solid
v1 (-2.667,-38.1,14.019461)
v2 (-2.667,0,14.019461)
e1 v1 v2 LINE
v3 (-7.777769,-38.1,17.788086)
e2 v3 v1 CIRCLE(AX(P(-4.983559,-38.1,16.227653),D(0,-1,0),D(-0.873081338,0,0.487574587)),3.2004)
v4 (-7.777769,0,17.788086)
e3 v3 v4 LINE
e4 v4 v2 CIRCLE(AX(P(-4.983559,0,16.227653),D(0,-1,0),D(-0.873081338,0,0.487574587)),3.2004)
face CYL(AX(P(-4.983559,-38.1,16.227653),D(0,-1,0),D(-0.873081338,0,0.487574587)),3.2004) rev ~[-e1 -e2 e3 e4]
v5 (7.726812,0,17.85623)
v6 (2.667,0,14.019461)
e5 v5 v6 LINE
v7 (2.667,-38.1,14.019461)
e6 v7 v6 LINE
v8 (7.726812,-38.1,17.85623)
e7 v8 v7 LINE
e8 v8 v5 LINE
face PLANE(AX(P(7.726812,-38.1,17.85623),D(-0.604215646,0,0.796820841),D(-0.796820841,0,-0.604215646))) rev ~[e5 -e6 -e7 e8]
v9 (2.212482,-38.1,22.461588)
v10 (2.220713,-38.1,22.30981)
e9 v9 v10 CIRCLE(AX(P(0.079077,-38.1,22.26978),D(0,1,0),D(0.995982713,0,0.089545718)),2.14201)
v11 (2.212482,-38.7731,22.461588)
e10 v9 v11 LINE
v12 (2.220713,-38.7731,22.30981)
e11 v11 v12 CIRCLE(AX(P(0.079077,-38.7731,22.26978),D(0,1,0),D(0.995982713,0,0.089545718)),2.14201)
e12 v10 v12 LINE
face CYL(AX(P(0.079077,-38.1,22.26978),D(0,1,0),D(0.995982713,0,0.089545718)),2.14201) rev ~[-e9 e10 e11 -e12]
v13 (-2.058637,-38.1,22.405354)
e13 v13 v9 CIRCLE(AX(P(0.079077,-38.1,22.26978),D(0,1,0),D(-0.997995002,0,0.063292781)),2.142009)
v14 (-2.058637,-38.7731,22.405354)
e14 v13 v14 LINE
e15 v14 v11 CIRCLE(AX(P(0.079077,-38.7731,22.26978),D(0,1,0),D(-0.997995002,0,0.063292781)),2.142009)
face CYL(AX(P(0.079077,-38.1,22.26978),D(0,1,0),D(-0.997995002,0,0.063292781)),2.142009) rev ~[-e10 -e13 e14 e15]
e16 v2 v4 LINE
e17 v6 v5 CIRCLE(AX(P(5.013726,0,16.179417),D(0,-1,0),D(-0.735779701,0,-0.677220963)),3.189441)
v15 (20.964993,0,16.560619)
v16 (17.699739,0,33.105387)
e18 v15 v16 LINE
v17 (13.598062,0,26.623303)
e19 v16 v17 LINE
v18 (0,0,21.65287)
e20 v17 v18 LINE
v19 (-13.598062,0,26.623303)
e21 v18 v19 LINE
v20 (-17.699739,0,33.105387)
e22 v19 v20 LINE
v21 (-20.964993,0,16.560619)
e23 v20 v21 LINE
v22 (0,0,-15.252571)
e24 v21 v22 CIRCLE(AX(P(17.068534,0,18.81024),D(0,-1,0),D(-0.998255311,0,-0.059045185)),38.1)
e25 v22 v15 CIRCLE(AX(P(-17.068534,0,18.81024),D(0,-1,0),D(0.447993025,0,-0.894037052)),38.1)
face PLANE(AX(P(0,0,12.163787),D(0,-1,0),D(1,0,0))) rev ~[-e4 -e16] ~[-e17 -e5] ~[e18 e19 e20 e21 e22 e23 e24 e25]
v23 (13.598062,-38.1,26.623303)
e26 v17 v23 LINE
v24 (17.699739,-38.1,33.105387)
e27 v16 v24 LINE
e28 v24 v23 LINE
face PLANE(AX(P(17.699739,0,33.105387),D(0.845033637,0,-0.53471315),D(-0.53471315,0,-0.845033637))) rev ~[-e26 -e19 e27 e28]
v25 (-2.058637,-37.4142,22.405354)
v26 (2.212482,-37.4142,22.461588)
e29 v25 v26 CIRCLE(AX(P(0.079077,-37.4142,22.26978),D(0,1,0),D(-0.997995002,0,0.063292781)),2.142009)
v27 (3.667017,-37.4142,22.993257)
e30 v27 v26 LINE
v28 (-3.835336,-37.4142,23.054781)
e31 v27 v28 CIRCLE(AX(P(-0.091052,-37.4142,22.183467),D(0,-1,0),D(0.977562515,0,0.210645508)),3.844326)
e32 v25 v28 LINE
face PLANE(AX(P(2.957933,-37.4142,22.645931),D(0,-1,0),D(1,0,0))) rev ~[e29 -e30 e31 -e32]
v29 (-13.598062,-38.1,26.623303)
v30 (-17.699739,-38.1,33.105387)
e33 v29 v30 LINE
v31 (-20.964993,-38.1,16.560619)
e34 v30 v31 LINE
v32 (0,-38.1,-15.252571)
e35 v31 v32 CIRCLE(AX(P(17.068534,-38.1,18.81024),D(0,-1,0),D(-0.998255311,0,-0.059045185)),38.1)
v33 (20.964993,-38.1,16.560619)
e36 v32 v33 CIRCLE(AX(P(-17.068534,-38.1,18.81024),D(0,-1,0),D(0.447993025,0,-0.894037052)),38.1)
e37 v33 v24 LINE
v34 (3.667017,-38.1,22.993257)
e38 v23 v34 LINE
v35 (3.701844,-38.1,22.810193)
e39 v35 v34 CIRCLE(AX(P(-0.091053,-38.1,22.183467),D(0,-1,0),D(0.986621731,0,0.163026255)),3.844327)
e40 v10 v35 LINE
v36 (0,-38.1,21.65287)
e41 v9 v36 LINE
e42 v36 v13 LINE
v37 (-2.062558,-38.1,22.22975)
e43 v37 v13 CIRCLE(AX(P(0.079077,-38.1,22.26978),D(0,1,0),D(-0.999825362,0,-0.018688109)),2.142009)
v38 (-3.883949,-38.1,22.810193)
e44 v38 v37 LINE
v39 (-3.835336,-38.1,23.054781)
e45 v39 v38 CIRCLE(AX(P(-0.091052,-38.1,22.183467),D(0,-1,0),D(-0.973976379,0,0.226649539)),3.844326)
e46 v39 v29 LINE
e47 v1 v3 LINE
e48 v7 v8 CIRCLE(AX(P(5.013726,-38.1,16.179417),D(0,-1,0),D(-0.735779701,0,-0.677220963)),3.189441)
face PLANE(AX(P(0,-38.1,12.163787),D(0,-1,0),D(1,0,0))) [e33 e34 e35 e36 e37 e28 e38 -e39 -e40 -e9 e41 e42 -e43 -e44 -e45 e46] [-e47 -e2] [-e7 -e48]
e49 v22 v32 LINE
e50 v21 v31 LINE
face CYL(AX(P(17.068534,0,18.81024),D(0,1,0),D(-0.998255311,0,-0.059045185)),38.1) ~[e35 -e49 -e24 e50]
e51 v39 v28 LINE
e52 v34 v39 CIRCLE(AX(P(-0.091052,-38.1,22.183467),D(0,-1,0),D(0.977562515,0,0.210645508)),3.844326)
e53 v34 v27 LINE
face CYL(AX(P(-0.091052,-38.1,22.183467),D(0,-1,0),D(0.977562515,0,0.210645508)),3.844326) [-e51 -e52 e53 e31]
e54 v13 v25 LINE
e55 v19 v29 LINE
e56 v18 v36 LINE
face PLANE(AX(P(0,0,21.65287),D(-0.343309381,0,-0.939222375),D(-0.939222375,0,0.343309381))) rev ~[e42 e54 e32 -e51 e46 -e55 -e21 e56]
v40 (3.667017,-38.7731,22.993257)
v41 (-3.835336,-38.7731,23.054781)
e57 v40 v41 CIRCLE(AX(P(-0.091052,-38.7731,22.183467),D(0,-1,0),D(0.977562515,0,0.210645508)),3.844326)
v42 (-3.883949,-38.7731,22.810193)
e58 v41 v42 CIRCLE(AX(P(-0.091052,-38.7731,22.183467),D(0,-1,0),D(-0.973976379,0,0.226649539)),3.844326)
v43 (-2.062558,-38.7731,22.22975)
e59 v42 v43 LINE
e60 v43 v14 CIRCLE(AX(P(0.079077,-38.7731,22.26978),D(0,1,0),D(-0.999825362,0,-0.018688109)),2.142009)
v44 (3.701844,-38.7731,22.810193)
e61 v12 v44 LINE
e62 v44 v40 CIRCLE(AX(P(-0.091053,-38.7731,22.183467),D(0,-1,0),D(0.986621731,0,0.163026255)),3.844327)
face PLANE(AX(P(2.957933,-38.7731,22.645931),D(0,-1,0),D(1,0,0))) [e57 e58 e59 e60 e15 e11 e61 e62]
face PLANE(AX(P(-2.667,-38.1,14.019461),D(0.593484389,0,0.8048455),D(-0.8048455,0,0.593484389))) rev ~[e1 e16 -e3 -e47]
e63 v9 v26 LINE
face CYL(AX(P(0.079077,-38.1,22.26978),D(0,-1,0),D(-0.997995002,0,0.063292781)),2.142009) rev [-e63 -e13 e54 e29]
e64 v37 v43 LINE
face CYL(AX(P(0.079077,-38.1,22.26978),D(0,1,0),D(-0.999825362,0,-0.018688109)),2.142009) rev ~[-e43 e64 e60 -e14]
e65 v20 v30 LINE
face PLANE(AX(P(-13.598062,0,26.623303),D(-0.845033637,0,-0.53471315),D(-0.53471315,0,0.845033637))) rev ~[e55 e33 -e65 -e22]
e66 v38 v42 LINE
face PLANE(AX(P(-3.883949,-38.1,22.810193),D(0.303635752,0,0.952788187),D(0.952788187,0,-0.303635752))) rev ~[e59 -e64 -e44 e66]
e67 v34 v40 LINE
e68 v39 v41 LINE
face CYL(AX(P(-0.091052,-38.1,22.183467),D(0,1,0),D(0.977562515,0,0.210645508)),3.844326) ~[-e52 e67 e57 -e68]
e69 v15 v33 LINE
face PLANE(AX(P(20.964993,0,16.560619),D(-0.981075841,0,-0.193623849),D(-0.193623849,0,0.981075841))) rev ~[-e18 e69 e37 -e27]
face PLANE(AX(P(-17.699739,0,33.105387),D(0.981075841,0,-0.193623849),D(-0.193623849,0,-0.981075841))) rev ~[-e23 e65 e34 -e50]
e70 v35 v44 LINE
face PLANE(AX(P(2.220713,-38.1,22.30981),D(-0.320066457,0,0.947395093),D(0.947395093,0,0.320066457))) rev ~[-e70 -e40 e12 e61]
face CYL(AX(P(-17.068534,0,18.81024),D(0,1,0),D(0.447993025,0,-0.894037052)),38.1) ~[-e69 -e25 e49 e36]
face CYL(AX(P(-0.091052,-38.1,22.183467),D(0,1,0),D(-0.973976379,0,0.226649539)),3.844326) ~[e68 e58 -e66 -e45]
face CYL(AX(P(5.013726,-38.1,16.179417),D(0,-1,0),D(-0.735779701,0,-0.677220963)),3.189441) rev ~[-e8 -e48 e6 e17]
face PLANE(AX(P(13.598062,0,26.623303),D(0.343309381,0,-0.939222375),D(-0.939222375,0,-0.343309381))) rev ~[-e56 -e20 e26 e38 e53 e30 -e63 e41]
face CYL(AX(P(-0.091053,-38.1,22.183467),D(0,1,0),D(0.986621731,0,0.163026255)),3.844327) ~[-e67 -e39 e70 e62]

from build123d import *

# Parameters (mm, degrees)
F1_DEPTH      = 38.1
F3_DEPTH      = 38.1
F5_DEPTH      = 0.6731
F5_DEPTH_BACK = 0.6858


with BuildPart() as f1:
    # F0 (on Front) → F1 (new body)
    with BuildSketch(Plane.XZ):
        with BuildLine():
            Line((-17.6997391722, 33.1053871185), (-20.9649930975, 16.5606186919))
            ThreePointArc((-20.9649930975, 16.5606186919), (-14.7446558469, -2.1547528437), (0, -15.2525714094))
            ThreePointArc((0, -15.2525714094), (14.7446558469, -2.1547528437), (20.9649930975, 16.5606186919))
            Line((20.9649930975, 16.5606186919), (17.6997391722, 33.1053871185))
            Line((17.6997391722, 33.1053871185), (13.5980615388, 26.6233030993))
            Line((13.5980615388, 26.6233030993), (0, 21.6528698802))
            Line((0, 21.6528698802), (-13.5980615388, 26.6233030993))
            Line((-13.5980615388, 26.6233030993), (-17.6997391722, 33.1053871185))
        make_face()
    extrude(amount=F1_DEPTH)

    # F2 (on face) → F3 (cut)
    with BuildSketch(Plane.XZ.offset(38.1)):
        with BuildLine():
            Line((7.7268123423, 17.8562299685), (2.667, 14.0194606165))
            ThreePointArc((2.667, 14.0194606165), (6.9408367243, 13.6380038042), (7.7268123423, 17.8562299685))
        make_face()
        with BuildLine():
            Line((-2.667, 14.0194606165), (-7.7777689272, 17.7880864898))
            ThreePointArc((-7.7777689272, 17.7880864898), (-6.8829468537, 13.6518252435), (-2.667, 14.0194606165))
        make_face()
    extrude(amount=-F3_DEPTH, mode=Mode.SUBTRACT)

    # F4 (on face) → F5 (join, two sides)
    with BuildSketch(Plane.XZ.offset(38.1)) as f5_sk:
        with BuildLine():
            Line((2.220712835, 22.3098099232), (3.7018435542, 22.8101927787))
            ThreePointArc((3.7018435542, 22.8101927787), (3.6855396388, 22.9019358085), (3.6670169682, 22.9932567362))
            Line((3.6670169682, 22.9932567362), (2.2124818439, 22.461587595))
            ThreePointArc((2.2124818439, 22.461587595), (2.2179440641, 22.3857717928), (2.220712835, 22.3098099232))
        make_face()
        with BuildLine():
            Line((2.2124818439, 22.461587595), (3.6670169682, 22.9932567362))
            ThreePointArc((3.6670169682, 22.9932567362), (-0.0595272983, 26.0276638545), (-3.8353356865, 23.0547814577))
            Line((-3.8353356865, 23.0547814577), (-2.0586373149, 22.4053535535))
            ThreePointArc((-2.0586373149, 22.4053535535), (0.0508779389, 24.4116036609), (2.2124818439, 22.461587595))
        make_face()
        with BuildLine():
            Line((-2.0586373149, 22.4053535535), (-3.8353356865, 23.0547814577))
            ThreePointArc((-3.8353356865, 23.0547814577), (-3.8616258801, 22.9328813979), (-3.8839485496, 22.8101927787))
            Line((-3.8839485496, 22.8101927787), (-2.0625579637, 22.2297497094))
            ThreePointArc((-2.0625579637, 22.2297497094), (-2.0623983648, 22.3175918356), (-2.0586373149, 22.4053535535))
        make_face()
    extrude(amount=F5_DEPTH)
    extrude(f5_sk.sketch, amount=-F5_DEPTH_BACK)


solid = f1.part
